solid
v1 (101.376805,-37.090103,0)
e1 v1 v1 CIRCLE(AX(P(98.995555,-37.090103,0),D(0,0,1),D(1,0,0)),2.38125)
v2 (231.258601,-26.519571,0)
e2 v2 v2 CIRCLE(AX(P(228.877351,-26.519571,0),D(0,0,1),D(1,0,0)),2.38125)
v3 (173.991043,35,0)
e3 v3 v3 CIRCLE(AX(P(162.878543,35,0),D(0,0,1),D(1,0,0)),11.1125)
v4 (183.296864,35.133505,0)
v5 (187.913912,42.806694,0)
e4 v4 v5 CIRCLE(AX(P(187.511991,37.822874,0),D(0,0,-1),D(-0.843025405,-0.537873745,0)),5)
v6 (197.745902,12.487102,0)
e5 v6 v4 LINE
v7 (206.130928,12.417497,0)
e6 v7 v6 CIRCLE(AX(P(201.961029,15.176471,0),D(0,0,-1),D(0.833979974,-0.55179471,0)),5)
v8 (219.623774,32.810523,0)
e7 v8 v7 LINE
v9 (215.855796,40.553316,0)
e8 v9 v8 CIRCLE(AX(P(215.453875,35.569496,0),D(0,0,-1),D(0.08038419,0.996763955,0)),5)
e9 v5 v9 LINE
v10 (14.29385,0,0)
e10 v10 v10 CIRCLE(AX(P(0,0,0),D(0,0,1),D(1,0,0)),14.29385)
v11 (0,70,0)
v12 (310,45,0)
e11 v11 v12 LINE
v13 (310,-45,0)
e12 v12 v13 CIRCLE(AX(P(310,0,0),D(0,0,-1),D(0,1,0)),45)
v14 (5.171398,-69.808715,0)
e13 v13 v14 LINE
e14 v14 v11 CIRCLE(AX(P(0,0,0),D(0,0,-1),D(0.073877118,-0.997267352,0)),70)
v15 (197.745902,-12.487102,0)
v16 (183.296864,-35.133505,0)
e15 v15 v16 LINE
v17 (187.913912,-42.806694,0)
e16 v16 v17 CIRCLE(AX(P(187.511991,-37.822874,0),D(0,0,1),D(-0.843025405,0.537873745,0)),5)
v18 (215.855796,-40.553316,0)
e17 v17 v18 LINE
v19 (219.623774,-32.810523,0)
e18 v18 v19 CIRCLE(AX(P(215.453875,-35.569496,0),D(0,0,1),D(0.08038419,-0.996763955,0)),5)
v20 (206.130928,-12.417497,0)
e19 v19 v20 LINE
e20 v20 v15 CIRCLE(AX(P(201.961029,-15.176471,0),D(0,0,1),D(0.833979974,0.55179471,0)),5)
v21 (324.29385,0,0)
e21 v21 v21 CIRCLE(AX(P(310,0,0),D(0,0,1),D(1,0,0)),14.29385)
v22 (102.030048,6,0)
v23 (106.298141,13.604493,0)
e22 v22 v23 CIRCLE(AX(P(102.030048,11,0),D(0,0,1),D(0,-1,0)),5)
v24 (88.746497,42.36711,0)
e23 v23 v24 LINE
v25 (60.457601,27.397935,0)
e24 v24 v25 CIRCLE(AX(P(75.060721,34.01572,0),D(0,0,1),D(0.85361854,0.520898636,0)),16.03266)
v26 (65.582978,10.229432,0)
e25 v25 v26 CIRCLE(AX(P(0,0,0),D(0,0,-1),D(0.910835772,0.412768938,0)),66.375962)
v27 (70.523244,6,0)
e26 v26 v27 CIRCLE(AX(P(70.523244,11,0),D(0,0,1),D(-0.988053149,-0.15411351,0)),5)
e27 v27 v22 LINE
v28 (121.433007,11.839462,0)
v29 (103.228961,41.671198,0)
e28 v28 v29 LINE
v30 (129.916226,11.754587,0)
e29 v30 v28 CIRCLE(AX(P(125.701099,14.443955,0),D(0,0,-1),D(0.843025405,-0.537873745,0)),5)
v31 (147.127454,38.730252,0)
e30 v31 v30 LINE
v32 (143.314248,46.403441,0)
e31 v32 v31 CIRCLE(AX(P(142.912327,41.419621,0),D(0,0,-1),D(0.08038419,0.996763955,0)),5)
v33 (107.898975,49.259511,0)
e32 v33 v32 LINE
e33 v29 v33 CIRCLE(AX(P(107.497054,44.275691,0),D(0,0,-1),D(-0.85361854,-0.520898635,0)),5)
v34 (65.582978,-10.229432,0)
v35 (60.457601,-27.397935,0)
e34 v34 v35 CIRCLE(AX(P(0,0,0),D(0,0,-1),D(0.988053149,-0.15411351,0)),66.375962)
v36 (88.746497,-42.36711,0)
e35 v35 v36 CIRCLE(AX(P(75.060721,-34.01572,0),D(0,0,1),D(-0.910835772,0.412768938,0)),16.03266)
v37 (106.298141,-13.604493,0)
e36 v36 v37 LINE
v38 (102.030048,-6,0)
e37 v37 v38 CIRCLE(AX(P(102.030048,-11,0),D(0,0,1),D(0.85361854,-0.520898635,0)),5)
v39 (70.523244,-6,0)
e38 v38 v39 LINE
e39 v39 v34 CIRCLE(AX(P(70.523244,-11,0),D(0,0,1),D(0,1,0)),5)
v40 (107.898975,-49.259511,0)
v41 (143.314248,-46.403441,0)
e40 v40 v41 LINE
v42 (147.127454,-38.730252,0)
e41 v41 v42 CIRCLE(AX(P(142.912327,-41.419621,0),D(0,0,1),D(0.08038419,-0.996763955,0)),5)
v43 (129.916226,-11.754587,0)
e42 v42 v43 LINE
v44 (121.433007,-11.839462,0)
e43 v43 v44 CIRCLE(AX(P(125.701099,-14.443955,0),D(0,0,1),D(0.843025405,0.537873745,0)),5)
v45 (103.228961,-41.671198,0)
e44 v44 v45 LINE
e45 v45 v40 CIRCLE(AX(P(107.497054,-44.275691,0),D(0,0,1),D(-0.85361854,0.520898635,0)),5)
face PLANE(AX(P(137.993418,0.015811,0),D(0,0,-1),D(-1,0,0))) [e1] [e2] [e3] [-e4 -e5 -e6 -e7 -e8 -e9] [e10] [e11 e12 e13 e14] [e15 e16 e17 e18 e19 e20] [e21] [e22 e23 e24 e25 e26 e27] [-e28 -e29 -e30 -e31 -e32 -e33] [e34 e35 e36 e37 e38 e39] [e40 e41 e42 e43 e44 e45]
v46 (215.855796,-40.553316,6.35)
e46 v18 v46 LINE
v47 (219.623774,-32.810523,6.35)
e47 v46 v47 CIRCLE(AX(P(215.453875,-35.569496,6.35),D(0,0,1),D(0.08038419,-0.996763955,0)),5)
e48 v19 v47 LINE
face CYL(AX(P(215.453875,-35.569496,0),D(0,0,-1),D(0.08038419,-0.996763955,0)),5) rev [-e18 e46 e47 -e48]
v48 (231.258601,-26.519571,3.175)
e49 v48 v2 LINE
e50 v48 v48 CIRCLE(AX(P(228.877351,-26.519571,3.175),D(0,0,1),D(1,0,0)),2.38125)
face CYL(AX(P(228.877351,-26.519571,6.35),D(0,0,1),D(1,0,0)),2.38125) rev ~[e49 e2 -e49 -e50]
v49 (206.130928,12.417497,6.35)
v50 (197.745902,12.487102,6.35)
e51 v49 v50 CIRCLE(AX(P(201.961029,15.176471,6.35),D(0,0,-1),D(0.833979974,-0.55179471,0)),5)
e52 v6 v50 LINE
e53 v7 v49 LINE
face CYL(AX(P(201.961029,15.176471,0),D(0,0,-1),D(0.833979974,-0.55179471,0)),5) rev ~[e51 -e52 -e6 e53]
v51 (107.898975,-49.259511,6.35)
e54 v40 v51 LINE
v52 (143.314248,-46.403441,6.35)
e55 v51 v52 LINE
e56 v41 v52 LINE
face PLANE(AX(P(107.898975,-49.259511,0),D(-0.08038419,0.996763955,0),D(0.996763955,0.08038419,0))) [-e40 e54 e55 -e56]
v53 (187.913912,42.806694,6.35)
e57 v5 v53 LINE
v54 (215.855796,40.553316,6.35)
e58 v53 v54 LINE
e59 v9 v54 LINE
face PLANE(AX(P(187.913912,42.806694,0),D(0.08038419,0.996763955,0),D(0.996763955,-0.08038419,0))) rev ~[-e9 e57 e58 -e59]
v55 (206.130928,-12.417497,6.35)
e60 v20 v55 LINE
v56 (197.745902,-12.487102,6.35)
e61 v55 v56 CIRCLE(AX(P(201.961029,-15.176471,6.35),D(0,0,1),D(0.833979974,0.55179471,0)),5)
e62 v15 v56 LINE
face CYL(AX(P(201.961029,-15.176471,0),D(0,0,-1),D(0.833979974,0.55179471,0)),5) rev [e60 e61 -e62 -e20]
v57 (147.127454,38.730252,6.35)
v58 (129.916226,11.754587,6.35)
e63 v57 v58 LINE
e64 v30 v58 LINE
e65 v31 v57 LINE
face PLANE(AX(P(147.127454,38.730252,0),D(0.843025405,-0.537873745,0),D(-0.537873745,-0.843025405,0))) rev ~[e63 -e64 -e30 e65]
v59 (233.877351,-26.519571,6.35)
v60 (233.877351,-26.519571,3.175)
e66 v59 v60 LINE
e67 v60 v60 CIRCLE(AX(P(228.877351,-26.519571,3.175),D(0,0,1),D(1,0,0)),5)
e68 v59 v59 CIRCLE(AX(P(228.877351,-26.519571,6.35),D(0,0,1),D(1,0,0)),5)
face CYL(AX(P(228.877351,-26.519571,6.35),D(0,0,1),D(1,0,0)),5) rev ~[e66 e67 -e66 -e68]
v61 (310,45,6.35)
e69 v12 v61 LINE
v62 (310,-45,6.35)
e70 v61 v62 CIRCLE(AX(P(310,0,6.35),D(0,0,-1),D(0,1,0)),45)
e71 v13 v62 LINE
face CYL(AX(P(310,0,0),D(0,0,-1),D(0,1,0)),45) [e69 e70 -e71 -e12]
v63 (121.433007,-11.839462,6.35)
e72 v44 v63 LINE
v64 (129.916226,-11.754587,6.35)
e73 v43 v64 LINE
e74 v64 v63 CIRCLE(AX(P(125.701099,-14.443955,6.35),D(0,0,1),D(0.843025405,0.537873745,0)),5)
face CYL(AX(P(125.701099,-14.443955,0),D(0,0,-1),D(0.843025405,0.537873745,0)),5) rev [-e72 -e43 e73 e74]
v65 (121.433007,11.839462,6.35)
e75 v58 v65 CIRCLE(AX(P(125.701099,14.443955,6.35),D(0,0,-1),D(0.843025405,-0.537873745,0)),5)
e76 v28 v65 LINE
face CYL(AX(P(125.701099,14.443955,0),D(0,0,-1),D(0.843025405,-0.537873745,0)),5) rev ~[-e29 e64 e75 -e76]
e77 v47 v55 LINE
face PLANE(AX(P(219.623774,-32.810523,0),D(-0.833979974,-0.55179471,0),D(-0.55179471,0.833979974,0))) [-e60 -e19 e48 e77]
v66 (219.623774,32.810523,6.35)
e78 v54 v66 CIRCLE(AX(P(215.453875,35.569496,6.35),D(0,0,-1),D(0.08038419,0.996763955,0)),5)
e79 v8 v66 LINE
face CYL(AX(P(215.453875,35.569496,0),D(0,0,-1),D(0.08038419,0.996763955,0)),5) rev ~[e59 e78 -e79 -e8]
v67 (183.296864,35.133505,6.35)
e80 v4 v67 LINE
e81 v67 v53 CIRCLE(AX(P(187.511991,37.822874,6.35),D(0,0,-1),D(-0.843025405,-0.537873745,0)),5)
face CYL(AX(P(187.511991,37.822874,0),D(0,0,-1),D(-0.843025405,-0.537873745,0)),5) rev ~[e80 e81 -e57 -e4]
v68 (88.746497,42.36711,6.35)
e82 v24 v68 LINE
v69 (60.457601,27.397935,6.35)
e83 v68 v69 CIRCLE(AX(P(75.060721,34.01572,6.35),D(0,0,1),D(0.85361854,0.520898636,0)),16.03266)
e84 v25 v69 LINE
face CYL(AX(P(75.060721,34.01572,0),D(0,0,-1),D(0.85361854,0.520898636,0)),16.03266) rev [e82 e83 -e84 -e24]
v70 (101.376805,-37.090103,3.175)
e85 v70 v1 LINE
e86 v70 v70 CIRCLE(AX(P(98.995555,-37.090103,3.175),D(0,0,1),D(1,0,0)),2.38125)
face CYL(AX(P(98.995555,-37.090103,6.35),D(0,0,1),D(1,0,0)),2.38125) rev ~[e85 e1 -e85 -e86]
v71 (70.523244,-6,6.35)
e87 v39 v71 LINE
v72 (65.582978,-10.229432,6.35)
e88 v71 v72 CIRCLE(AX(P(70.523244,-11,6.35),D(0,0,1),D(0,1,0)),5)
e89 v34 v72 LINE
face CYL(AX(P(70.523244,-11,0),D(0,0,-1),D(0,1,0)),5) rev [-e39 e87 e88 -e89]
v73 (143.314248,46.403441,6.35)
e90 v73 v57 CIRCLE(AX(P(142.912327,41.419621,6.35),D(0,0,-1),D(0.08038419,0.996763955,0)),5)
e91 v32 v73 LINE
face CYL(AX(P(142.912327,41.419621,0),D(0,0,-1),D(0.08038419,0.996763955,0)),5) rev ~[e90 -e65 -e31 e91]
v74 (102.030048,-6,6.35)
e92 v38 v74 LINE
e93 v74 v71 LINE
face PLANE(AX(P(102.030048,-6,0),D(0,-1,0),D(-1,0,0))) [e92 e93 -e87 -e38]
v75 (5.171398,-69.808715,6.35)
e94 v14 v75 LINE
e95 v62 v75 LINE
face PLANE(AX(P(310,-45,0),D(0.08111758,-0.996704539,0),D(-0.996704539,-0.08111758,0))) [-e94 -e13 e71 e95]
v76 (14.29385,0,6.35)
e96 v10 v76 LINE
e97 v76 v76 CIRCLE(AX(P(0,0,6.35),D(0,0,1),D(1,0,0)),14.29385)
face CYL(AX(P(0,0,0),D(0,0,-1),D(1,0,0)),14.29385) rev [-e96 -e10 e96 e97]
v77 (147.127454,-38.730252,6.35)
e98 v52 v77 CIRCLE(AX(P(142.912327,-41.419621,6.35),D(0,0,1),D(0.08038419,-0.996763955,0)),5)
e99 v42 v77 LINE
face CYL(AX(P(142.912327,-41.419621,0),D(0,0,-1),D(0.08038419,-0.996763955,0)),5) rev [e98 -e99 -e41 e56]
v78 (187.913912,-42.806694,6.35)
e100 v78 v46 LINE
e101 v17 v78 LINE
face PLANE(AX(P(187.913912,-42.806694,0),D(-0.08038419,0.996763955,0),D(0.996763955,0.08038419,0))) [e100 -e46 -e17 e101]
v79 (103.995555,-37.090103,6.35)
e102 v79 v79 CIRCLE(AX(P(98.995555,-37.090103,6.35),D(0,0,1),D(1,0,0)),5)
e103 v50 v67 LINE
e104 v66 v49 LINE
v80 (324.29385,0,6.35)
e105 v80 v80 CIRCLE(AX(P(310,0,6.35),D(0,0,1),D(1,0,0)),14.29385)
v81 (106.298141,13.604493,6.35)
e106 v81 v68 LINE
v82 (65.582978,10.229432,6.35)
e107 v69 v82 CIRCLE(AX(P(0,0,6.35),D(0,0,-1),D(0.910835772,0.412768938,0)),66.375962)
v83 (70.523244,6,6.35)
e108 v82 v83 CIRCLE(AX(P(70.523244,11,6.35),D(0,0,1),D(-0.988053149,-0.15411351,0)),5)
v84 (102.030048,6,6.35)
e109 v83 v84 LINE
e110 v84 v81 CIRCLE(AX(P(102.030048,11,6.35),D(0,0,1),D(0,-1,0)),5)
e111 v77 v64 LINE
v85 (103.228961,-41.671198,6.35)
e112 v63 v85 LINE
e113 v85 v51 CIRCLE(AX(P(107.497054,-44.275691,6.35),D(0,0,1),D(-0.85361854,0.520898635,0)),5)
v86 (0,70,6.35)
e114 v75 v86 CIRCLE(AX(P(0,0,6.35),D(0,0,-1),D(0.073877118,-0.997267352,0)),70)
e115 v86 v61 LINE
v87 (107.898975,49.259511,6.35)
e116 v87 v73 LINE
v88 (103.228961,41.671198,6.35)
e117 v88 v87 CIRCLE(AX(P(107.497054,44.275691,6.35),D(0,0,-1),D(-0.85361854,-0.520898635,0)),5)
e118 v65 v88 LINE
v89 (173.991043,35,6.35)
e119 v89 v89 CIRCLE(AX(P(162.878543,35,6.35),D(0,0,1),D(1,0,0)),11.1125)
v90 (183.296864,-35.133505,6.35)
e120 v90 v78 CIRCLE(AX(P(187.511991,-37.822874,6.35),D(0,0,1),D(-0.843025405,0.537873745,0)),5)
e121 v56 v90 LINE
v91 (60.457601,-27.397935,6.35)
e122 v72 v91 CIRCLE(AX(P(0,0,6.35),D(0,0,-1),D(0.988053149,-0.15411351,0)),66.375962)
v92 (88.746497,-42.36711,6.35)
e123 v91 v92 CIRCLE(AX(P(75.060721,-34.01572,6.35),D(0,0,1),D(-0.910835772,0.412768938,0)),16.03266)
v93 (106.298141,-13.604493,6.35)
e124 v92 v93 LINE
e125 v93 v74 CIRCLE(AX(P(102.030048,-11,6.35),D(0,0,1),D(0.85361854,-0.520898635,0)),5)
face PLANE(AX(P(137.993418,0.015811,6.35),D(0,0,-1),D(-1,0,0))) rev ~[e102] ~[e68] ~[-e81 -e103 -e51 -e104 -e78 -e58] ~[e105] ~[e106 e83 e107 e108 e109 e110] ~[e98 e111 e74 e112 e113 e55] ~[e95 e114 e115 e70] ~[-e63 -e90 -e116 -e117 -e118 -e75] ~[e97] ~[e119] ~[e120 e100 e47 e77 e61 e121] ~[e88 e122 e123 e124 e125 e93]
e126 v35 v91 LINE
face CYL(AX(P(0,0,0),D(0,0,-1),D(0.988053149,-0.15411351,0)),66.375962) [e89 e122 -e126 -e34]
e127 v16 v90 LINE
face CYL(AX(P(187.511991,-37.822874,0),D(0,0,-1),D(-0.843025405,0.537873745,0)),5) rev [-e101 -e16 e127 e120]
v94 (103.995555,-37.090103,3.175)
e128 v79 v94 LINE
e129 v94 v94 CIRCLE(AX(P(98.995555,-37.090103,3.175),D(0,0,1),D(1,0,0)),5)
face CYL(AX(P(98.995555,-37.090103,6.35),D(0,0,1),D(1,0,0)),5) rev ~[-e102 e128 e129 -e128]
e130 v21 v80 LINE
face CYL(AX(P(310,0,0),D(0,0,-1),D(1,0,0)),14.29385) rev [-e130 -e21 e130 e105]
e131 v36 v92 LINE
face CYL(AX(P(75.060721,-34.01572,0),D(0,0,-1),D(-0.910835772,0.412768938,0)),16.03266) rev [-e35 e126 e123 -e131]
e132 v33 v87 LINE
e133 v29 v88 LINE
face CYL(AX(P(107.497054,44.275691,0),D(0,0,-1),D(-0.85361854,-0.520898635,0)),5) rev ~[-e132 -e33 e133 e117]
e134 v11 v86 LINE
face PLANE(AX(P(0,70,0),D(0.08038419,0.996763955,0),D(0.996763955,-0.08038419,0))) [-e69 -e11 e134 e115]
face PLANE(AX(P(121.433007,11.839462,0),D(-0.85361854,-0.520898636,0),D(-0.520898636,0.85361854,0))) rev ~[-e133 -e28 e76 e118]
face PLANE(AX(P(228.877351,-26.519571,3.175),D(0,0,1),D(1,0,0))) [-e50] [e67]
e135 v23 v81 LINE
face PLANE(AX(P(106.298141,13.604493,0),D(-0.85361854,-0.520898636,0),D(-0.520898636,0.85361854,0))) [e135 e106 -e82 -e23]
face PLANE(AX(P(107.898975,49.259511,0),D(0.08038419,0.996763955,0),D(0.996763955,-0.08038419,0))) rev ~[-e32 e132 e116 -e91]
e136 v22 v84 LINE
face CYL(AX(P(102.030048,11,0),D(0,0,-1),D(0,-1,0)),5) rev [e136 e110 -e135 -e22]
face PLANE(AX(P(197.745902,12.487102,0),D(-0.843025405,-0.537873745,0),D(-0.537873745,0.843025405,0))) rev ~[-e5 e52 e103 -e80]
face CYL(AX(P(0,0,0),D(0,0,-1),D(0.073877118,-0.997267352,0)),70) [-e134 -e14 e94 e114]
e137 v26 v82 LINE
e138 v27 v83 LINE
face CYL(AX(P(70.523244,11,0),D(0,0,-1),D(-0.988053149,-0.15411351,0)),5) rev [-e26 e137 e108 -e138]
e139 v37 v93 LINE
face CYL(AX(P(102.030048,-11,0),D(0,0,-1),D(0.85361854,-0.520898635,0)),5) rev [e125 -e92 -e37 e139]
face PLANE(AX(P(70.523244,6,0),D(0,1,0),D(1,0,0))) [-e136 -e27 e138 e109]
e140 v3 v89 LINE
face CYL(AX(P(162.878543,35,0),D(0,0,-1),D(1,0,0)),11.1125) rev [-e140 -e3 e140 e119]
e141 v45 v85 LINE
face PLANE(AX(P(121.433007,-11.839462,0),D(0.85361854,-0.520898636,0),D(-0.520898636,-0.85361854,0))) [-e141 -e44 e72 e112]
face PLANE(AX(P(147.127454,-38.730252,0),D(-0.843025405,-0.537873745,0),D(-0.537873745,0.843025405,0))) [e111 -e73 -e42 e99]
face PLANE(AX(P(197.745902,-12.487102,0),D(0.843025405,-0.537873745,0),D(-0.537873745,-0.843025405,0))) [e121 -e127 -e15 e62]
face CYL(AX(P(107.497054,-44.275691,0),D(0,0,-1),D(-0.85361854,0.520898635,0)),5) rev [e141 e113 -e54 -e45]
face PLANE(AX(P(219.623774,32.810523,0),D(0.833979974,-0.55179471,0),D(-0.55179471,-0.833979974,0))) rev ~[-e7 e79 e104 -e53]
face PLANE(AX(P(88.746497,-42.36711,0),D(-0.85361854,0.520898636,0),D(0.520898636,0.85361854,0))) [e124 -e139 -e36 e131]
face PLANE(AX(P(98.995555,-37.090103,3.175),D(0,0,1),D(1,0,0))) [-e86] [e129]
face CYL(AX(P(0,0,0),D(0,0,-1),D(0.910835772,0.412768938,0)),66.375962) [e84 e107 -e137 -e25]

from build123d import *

# Parameters (mm, degrees)
SKETCH1_R             = 14.29385
SKETCH1_R_2           = 11.1125
BOSS_EXTRUDE1_DEPTH   = 6.35
CROQUIS1_R            = 2.38125
CORTAR_EXTRUIR1_DEPTH = 50
CROQUIS2_R            = 5
CORTAR_EXTRUIR2_DEPTH = 3.175


with BuildPart() as part:
    # Sketch1 → Boss-Extrude1 (new body)
    with BuildSketch(Plane.XY):
        with BuildLine():
            Line((0, 70), (310, 45))
            ThreePointArc((310, 45), (355, 0), (310, -45))
            Line((310, -45), (5.171398252, -69.808714643))
            ThreePointArc((5.171398252, -69.808714643), (-69.952162315, -2.587467389), (0, 70))
        make_face()
        Circle(SKETCH1_R, mode=Mode.SUBTRACT)
        with Locations((310, 0)):
            Circle(SKETCH1_R, mode=Mode.SUBTRACT)
        with Locations((162.878542763, 35)):
            Circle(SKETCH1_R_2, mode=Mode.SUBTRACT)
        with BuildLine():
            Line((107.898974887, 49.259511156), (143.314248041, 46.40344074))
            ThreePointArc((143.314248041, 46.40344074), (147.389908855, 43.644764005), (147.127454118, 38.730252238))
            Line((147.127454118, 38.730252238), (129.916226305, 11.754586611))
            ThreePointArc((129.916226305, 11.754586611), (125.651076231, 9.444205574), (121.433006579, 11.839462159))
            Line((121.433006579, 11.839462159), (103.228961238, 41.671198203))
            ThreePointArc((103.228961238, 41.671198203), (103.238833139, 46.896293531), (107.898974887, 49.259511156))
        make_face(mode=Mode.SUBTRACT)
        with BuildLine():
            Line((70.523244027, 6), (102.03004784, 6))
            ThreePointArc((102.03004784, 6), (106.3902351, 8.552804247), (106.298140539, 13.604493178))
            Line((106.298140539, 13.604493178), (88.746497295, 42.367110417))
            ThreePointArc((88.746497295, 42.367110417), (67.562092561, 48.186702797), (60.457600585, 27.397935321))
            ThreePointArc((60.457600585, 27.397935321), (63.602250375, 18.987418874), (65.58297828, 10.229432452))
            ThreePointArc((65.58297828, 10.229432452), (67.271539685, 7.201787411), (70.523244027, 6))
        make_face(mode=Mode.SUBTRACT)
        with BuildLine():
            Line((219.623774494, 32.810522613), (206.130928429, 12.417497436))
            ThreePointArc((206.130928429, 12.417497436), (201.919524559, 10.176643248), (197.745901529, 12.48710226))
            Line((197.745901529, 12.48710226), (183.296864227, 35.133505128))
            ThreePointArc((183.296864227, 35.133505128), (183.227765467, 40.400743015), (187.913912204, 42.80669363))
            Line((187.913912204, 42.80669363), (215.855795571, 40.553315939))
            ThreePointArc((215.855795571, 40.553315939), (219.949772588, 37.757395035), (219.623774494, 32.810522613))
        make_face(mode=Mode.SUBTRACT)
        with BuildLine():
            Line((88.746497295, -42.367110417), (106.298140539, -13.604493178))
            ThreePointArc((106.298140539, -13.604493178), (106.3902351, -8.552804247), (102.03004784, -6))
            Line((102.03004784, -6), (70.523244027, -6))
            ThreePointArc((70.523244027, -6), (67.271539685, -7.201787411), (65.58297828, -10.229432452))
            ThreePointArc((65.58297828, -10.229432452), (63.602250375, -18.987418874), (60.457600585, -27.397935321))
            ThreePointArc((60.457600585, -27.397935321), (67.562092561, -48.186702797), (88.746497295, -42.367110417))
        make_face(mode=Mode.SUBTRACT)
        with BuildLine():
            Line((187.913912204, -42.80669363), (215.855795571, -40.553315939))
            ThreePointArc((215.855795571, -40.553315939), (219.949772588, -37.757395035), (219.623774494, -32.810522613))
            Line((219.623774494, -32.810522613), (206.130928429, -12.417497436))
            ThreePointArc((206.130928429, -12.417497436), (201.919524559, -10.176643248), (197.745901529, -12.48710226))
            Line((197.745901529, -12.48710226), (183.296864227, -35.133505128))
            ThreePointArc((183.296864227, -35.133505128), (183.227765467, -40.400743015), (187.913912204, -42.80669363))
        make_face(mode=Mode.SUBTRACT)
        with BuildLine():
            Line((121.433006579, -11.839462159), (103.228961238, -41.671198203))
            ThreePointArc((103.228961238, -41.671198203), (103.238833139, -46.896293531), (107.898974887, -49.259511156))
            Line((107.898974887, -49.259511156), (143.314248041, -46.40344074))
            ThreePointArc((143.314248041, -46.40344074), (147.389908855, -43.644764005), (147.127454118, -38.730252238))
            Line((147.127454118, -38.730252238), (129.916226305, -11.754586611))
            ThreePointArc((129.916226305, -11.754586611), (125.651076231, -9.444205574), (121.433006579, -11.839462159))
        make_face(mode=Mode.SUBTRACT)
    extrude(amount=BOSS_EXTRUDE1_DEPTH)

    # Croquis1 → Cortar-Extruir1 (cut)
    with BuildSketch(Plane.XY.offset(6.35)):
        with Locations((98.995555235, -37.090103176)):
            Circle(CROQUIS1_R)
        with Locations((228.877351461, -26.519571404)):
            Circle(CROQUIS1_R)
    extrude(amount=-CORTAR_EXTRUIR1_DEPTH, mode=Mode.SUBTRACT)

    # Croquis2 → Cortar-Extruir2 (cut)
    with BuildSketch(Plane.XY.offset(6.35)):
        with Locations((98.995555235, -37.090103176)):
            Circle(CROQUIS2_R)
        with Locations((228.877351461, -26.519571404)):
            Circle(CROQUIS2_R)
    extrude(amount=-CORTAR_EXTRUIR2_DEPTH, mode=Mode.SUBTRACT)


solid = part.part
